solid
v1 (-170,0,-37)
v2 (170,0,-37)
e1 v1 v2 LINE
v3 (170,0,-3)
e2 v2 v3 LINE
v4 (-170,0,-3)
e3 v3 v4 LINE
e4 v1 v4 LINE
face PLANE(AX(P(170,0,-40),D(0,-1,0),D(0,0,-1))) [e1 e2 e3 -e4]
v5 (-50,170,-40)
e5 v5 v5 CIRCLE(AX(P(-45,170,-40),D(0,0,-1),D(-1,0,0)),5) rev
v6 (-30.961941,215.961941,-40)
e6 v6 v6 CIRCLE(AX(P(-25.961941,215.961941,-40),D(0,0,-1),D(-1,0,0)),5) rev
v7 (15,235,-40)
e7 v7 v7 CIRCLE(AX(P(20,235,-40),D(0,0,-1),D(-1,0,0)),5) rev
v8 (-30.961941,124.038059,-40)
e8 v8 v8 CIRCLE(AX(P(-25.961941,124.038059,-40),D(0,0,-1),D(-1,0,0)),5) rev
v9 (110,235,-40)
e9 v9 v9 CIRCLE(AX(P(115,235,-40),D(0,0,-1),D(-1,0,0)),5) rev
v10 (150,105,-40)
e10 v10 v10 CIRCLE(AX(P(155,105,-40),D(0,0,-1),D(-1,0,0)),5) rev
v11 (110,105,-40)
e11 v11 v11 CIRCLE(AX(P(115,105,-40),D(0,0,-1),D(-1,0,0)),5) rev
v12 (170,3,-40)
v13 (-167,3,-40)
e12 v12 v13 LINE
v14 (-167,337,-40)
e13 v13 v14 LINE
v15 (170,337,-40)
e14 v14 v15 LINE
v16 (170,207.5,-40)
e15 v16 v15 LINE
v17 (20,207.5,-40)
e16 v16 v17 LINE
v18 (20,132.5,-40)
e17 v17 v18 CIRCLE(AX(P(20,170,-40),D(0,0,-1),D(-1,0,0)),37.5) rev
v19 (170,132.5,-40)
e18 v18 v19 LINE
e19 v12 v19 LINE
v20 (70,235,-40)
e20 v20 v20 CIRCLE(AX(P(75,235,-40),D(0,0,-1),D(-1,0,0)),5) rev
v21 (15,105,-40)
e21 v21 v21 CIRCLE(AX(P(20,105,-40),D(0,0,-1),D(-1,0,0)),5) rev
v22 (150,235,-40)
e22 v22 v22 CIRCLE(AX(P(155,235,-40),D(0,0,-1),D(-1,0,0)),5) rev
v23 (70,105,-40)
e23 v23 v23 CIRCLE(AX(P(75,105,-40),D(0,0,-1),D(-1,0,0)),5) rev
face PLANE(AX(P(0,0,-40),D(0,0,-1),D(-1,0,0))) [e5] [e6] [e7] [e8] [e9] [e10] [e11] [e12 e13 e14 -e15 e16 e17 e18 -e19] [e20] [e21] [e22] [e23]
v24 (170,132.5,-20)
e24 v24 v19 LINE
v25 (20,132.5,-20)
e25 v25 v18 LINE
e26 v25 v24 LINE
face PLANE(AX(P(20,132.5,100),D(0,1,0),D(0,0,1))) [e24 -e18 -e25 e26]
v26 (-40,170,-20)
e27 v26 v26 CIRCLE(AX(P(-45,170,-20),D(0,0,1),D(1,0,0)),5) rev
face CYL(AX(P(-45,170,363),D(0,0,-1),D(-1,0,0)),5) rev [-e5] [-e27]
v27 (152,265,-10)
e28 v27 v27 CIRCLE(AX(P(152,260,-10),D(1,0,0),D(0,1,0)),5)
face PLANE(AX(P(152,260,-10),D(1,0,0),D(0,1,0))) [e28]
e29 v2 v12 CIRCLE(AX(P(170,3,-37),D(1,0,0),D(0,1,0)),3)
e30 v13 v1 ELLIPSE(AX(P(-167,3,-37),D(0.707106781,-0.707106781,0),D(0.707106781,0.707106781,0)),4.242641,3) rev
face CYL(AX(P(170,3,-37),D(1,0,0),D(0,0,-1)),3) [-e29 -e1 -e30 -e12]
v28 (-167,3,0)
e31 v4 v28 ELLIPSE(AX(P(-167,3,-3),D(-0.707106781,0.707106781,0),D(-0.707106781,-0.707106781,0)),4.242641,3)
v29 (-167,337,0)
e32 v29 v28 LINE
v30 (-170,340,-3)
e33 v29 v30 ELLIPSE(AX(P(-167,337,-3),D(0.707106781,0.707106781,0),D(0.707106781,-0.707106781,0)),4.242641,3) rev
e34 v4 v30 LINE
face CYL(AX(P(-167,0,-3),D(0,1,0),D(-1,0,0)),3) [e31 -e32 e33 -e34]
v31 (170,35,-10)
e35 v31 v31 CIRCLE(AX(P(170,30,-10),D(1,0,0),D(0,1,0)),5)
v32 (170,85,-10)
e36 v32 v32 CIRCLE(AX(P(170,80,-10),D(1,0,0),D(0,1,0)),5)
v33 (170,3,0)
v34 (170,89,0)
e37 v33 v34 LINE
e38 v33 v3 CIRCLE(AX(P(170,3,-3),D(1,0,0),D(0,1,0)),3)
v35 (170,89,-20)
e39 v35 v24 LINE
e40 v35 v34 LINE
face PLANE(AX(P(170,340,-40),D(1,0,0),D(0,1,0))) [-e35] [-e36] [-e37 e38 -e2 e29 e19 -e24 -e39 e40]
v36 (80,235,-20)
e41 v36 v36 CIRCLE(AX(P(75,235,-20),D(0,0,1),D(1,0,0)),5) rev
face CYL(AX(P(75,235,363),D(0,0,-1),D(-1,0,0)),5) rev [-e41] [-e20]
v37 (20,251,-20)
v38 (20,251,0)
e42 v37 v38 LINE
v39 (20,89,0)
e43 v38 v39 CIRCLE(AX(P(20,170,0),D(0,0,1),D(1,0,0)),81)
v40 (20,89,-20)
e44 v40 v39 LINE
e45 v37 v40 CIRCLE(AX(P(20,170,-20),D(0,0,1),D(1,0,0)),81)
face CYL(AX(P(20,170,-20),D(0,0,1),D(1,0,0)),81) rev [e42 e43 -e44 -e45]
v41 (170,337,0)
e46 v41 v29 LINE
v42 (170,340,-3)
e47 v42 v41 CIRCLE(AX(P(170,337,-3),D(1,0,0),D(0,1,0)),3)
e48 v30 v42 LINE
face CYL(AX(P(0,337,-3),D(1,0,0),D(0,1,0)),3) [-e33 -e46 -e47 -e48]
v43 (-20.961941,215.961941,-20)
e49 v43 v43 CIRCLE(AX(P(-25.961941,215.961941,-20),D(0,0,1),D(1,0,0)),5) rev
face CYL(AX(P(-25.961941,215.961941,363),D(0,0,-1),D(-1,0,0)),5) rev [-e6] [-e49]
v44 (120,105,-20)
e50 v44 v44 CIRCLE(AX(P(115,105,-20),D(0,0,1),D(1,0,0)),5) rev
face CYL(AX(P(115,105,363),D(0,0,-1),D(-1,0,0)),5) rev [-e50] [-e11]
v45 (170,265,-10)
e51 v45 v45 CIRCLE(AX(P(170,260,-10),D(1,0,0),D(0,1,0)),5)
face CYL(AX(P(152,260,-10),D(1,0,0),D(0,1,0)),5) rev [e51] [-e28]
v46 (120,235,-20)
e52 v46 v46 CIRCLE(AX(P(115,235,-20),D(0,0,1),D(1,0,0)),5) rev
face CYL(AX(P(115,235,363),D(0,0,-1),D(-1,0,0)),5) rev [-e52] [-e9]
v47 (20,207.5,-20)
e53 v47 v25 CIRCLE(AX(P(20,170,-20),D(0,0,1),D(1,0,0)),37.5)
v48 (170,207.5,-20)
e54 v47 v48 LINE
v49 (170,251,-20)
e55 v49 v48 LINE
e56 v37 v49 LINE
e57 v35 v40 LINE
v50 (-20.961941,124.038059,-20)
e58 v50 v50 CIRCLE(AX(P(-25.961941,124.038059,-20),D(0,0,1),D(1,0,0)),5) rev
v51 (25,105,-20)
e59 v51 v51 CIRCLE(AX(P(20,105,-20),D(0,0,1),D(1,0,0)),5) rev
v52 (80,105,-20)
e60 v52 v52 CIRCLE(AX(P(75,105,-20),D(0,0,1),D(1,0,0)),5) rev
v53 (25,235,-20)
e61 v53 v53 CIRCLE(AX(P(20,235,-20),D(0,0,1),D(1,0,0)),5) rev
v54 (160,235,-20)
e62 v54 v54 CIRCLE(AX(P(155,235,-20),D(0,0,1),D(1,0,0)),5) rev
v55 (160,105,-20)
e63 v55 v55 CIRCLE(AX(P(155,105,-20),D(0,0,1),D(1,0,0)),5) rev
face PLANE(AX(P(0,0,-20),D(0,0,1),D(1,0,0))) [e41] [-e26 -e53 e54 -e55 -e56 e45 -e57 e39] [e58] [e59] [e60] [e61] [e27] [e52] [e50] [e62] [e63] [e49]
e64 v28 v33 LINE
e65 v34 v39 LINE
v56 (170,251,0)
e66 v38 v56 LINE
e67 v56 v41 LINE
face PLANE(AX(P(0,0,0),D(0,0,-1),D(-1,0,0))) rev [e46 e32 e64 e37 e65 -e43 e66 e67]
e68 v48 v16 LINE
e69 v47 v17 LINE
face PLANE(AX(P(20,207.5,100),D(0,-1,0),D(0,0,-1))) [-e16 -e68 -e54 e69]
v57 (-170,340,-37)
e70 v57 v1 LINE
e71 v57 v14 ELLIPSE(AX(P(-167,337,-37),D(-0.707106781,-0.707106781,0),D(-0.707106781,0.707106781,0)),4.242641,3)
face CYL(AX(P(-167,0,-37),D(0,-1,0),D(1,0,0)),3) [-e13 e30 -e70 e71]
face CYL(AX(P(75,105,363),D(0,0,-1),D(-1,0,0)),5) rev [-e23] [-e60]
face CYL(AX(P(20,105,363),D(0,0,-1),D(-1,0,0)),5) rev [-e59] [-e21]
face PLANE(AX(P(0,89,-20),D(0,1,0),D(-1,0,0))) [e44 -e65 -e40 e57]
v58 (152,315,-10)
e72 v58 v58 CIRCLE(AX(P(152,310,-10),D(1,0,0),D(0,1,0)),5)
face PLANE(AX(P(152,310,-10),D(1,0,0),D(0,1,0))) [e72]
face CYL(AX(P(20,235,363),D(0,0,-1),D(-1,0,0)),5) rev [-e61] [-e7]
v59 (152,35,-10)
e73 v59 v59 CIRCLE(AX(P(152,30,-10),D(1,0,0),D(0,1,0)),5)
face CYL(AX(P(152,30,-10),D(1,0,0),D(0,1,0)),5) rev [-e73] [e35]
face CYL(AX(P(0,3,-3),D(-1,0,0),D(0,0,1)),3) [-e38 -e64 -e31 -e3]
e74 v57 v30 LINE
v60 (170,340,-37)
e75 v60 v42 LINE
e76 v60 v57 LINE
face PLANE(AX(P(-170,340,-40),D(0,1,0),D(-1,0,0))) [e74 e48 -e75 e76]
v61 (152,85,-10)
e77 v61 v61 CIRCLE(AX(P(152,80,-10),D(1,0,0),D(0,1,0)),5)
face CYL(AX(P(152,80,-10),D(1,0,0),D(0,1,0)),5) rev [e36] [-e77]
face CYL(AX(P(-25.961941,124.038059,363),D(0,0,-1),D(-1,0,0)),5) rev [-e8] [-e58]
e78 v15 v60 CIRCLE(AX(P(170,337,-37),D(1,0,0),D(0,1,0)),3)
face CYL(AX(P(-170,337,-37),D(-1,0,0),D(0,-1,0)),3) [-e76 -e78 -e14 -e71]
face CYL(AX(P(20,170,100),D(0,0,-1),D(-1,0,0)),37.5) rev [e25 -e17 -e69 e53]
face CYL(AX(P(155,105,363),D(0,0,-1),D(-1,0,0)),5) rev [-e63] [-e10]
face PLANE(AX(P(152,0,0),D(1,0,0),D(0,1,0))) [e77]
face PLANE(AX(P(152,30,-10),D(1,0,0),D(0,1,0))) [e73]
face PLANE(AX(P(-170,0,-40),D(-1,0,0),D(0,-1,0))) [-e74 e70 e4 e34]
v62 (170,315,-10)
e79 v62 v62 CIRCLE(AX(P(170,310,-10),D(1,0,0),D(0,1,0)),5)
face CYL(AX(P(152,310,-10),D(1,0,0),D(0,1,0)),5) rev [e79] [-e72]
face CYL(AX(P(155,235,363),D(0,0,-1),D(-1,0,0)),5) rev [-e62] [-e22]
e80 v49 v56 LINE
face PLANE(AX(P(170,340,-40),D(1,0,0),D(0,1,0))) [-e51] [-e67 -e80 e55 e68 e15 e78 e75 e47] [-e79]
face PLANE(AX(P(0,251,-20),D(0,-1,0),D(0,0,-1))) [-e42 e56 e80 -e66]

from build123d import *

# Parameters (mm, degrees)
SKETCH2_W               = 340
SKETCH2_H               = 340
BOSS_EXTRUDE1_DEPTH     = 40
CUT_EXTRUDE1_DEPTH      = 20
CUT_EXTRUDE2_DEPTH      = 100
CUT_EXTRUDE2_DEPTH_BACK = 199
SKETCH5_R               = 5
CUT_EXTRUDE4_DEPTH      = 363
CUT_EXTRUDE4_DEPTH_BACK = 260
SKETCH6_R               = 5
CUT_EXTRUDE5_DEPTH      = 18
FILLET1_R               = 3


with BuildPart() as part:
    # Sketch2 → Boss-Extrude1 (new body)
    with BuildSketch(Plane.XY):
        with Locations((0, 170)):
            Rectangle(SKETCH2_W, SKETCH2_H)
    extrude(amount=-BOSS_EXTRUDE1_DEPTH)

    # Sketch3 → Cut-Extrude1 (cut)
    with BuildSketch(Plane.XY):
        with BuildLine():
            ThreePointArc((20, 207.5), (-17.5, 170), (20, 132.5))
            Line((20, 132.5), (170, 132.5))
            Line((170, 132.5), (170, 89))
            Line((170, 89), (20, 89))
            ThreePointArc((20, 89), (-61, 170), (20, 251))
            Line((20, 251), (170, 251))
            Line((170, 251), (170, 207.5))
            Line((170, 207.5), (20, 207.5))
        make_face()
    extrude(amount=-CUT_EXTRUDE1_DEPTH, mode=Mode.SUBTRACT)

    # Sketch4 → Cut-Extrude2 (cut, two sides)
    with BuildSketch(Plane.XY) as cut_extrude2_sk:
        with BuildLine():
            Line((170, 132.5), (170, 207.5))
            Line((170, 207.5), (20, 207.5))
            ThreePointArc((20, 207.5), (-17.5, 170), (20, 132.5))
            Line((20, 132.5), (170, 132.5))
        make_face()
    extrude(amount=CUT_EXTRUDE2_DEPTH, mode=Mode.SUBTRACT)
    extrude(cut_extrude2_sk.sketch, amount=-CUT_EXTRUDE2_DEPTH_BACK, mode=Mode.SUBTRACT)

    # Sketch5 → Cut-Extrude4 (cut, two sides)
    with BuildSketch(Plane.XY) as cut_extrude4_sk:
        with Locations(Location((20, 235, 0), (0, 0, 180))):
            Circle(SKETCH5_R)
        with Locations(Location((20, 105, 0), (0, 0, 180))):
            Circle(SKETCH5_R)
        with Locations(Location((75, 235, 0), (0, 0, 180))):
            Circle(SKETCH5_R)
        with Locations(Location((75, 105, 0), (0, 0, 180))):
            Circle(SKETCH5_R)
        with Locations(Location((115, 235, 0), (0, 0, 180))):
            Circle(SKETCH5_R)
        with Locations(Location((155, 235, 0), (0, 0, 180))):
            Circle(SKETCH5_R)
        with Locations(Location((115, 105, 0), (0, 0, 180))):
            Circle(SKETCH5_R)
        with Locations(Location((155, 105, 0), (0, 0, 180))):
            Circle(SKETCH5_R)
        with Locations(Location((-25.961940777, 215.961940777, 0), (0, 0, 180))):
            Circle(SKETCH5_R)
        with Locations(Location((-45, 170, 0), (0, 0, 180))):
            Circle(SKETCH5_R)
        with Locations(Location((-25.961940777, 124.038059223, 0), (0, 0, 180))):
            Circle(SKETCH5_R)
    extrude(amount=CUT_EXTRUDE4_DEPTH, mode=Mode.SUBTRACT)
    extrude(cut_extrude4_sk.sketch, amount=-CUT_EXTRUDE4_DEPTH_BACK, mode=Mode.SUBTRACT)

    # Sketch6 → Cut-Extrude5 (cut)
    with BuildSketch(Plane(origin=(170, 0, 0), x_dir=(0, 0, -1), z_dir=(1, 0, 0))):
        with Locations(Location((10, 80, 0), (0, 0, 90))):
            Circle(SKETCH6_R)
        with Locations(Location((10, 310, 0), (0, 0, 90))):
            Circle(SKETCH6_R)
        with Locations(Location((10, 260, 0), (0, 0, 90))):
            Circle(SKETCH6_R)
        with Locations(Location((10, 30, 0), (0, 0, 90))):
            Circle(SKETCH6_R)
    extrude(amount=-CUT_EXTRUDE5_DEPTH, mode=Mode.SUBTRACT)

    # Fillet1
    fillet1_edges = [part.edges().sort_by_distance(p)[0] for p in [
        (0, 340, -40),
        (-170, 170, -40),
        (0, 340, 0),
        (0, 0, 0),
        (-170, 170, 0),
        (0, 0, -40),
    ]]
    fillet(fillet1_edges, radius=FILLET1_R)


solid = part.part
